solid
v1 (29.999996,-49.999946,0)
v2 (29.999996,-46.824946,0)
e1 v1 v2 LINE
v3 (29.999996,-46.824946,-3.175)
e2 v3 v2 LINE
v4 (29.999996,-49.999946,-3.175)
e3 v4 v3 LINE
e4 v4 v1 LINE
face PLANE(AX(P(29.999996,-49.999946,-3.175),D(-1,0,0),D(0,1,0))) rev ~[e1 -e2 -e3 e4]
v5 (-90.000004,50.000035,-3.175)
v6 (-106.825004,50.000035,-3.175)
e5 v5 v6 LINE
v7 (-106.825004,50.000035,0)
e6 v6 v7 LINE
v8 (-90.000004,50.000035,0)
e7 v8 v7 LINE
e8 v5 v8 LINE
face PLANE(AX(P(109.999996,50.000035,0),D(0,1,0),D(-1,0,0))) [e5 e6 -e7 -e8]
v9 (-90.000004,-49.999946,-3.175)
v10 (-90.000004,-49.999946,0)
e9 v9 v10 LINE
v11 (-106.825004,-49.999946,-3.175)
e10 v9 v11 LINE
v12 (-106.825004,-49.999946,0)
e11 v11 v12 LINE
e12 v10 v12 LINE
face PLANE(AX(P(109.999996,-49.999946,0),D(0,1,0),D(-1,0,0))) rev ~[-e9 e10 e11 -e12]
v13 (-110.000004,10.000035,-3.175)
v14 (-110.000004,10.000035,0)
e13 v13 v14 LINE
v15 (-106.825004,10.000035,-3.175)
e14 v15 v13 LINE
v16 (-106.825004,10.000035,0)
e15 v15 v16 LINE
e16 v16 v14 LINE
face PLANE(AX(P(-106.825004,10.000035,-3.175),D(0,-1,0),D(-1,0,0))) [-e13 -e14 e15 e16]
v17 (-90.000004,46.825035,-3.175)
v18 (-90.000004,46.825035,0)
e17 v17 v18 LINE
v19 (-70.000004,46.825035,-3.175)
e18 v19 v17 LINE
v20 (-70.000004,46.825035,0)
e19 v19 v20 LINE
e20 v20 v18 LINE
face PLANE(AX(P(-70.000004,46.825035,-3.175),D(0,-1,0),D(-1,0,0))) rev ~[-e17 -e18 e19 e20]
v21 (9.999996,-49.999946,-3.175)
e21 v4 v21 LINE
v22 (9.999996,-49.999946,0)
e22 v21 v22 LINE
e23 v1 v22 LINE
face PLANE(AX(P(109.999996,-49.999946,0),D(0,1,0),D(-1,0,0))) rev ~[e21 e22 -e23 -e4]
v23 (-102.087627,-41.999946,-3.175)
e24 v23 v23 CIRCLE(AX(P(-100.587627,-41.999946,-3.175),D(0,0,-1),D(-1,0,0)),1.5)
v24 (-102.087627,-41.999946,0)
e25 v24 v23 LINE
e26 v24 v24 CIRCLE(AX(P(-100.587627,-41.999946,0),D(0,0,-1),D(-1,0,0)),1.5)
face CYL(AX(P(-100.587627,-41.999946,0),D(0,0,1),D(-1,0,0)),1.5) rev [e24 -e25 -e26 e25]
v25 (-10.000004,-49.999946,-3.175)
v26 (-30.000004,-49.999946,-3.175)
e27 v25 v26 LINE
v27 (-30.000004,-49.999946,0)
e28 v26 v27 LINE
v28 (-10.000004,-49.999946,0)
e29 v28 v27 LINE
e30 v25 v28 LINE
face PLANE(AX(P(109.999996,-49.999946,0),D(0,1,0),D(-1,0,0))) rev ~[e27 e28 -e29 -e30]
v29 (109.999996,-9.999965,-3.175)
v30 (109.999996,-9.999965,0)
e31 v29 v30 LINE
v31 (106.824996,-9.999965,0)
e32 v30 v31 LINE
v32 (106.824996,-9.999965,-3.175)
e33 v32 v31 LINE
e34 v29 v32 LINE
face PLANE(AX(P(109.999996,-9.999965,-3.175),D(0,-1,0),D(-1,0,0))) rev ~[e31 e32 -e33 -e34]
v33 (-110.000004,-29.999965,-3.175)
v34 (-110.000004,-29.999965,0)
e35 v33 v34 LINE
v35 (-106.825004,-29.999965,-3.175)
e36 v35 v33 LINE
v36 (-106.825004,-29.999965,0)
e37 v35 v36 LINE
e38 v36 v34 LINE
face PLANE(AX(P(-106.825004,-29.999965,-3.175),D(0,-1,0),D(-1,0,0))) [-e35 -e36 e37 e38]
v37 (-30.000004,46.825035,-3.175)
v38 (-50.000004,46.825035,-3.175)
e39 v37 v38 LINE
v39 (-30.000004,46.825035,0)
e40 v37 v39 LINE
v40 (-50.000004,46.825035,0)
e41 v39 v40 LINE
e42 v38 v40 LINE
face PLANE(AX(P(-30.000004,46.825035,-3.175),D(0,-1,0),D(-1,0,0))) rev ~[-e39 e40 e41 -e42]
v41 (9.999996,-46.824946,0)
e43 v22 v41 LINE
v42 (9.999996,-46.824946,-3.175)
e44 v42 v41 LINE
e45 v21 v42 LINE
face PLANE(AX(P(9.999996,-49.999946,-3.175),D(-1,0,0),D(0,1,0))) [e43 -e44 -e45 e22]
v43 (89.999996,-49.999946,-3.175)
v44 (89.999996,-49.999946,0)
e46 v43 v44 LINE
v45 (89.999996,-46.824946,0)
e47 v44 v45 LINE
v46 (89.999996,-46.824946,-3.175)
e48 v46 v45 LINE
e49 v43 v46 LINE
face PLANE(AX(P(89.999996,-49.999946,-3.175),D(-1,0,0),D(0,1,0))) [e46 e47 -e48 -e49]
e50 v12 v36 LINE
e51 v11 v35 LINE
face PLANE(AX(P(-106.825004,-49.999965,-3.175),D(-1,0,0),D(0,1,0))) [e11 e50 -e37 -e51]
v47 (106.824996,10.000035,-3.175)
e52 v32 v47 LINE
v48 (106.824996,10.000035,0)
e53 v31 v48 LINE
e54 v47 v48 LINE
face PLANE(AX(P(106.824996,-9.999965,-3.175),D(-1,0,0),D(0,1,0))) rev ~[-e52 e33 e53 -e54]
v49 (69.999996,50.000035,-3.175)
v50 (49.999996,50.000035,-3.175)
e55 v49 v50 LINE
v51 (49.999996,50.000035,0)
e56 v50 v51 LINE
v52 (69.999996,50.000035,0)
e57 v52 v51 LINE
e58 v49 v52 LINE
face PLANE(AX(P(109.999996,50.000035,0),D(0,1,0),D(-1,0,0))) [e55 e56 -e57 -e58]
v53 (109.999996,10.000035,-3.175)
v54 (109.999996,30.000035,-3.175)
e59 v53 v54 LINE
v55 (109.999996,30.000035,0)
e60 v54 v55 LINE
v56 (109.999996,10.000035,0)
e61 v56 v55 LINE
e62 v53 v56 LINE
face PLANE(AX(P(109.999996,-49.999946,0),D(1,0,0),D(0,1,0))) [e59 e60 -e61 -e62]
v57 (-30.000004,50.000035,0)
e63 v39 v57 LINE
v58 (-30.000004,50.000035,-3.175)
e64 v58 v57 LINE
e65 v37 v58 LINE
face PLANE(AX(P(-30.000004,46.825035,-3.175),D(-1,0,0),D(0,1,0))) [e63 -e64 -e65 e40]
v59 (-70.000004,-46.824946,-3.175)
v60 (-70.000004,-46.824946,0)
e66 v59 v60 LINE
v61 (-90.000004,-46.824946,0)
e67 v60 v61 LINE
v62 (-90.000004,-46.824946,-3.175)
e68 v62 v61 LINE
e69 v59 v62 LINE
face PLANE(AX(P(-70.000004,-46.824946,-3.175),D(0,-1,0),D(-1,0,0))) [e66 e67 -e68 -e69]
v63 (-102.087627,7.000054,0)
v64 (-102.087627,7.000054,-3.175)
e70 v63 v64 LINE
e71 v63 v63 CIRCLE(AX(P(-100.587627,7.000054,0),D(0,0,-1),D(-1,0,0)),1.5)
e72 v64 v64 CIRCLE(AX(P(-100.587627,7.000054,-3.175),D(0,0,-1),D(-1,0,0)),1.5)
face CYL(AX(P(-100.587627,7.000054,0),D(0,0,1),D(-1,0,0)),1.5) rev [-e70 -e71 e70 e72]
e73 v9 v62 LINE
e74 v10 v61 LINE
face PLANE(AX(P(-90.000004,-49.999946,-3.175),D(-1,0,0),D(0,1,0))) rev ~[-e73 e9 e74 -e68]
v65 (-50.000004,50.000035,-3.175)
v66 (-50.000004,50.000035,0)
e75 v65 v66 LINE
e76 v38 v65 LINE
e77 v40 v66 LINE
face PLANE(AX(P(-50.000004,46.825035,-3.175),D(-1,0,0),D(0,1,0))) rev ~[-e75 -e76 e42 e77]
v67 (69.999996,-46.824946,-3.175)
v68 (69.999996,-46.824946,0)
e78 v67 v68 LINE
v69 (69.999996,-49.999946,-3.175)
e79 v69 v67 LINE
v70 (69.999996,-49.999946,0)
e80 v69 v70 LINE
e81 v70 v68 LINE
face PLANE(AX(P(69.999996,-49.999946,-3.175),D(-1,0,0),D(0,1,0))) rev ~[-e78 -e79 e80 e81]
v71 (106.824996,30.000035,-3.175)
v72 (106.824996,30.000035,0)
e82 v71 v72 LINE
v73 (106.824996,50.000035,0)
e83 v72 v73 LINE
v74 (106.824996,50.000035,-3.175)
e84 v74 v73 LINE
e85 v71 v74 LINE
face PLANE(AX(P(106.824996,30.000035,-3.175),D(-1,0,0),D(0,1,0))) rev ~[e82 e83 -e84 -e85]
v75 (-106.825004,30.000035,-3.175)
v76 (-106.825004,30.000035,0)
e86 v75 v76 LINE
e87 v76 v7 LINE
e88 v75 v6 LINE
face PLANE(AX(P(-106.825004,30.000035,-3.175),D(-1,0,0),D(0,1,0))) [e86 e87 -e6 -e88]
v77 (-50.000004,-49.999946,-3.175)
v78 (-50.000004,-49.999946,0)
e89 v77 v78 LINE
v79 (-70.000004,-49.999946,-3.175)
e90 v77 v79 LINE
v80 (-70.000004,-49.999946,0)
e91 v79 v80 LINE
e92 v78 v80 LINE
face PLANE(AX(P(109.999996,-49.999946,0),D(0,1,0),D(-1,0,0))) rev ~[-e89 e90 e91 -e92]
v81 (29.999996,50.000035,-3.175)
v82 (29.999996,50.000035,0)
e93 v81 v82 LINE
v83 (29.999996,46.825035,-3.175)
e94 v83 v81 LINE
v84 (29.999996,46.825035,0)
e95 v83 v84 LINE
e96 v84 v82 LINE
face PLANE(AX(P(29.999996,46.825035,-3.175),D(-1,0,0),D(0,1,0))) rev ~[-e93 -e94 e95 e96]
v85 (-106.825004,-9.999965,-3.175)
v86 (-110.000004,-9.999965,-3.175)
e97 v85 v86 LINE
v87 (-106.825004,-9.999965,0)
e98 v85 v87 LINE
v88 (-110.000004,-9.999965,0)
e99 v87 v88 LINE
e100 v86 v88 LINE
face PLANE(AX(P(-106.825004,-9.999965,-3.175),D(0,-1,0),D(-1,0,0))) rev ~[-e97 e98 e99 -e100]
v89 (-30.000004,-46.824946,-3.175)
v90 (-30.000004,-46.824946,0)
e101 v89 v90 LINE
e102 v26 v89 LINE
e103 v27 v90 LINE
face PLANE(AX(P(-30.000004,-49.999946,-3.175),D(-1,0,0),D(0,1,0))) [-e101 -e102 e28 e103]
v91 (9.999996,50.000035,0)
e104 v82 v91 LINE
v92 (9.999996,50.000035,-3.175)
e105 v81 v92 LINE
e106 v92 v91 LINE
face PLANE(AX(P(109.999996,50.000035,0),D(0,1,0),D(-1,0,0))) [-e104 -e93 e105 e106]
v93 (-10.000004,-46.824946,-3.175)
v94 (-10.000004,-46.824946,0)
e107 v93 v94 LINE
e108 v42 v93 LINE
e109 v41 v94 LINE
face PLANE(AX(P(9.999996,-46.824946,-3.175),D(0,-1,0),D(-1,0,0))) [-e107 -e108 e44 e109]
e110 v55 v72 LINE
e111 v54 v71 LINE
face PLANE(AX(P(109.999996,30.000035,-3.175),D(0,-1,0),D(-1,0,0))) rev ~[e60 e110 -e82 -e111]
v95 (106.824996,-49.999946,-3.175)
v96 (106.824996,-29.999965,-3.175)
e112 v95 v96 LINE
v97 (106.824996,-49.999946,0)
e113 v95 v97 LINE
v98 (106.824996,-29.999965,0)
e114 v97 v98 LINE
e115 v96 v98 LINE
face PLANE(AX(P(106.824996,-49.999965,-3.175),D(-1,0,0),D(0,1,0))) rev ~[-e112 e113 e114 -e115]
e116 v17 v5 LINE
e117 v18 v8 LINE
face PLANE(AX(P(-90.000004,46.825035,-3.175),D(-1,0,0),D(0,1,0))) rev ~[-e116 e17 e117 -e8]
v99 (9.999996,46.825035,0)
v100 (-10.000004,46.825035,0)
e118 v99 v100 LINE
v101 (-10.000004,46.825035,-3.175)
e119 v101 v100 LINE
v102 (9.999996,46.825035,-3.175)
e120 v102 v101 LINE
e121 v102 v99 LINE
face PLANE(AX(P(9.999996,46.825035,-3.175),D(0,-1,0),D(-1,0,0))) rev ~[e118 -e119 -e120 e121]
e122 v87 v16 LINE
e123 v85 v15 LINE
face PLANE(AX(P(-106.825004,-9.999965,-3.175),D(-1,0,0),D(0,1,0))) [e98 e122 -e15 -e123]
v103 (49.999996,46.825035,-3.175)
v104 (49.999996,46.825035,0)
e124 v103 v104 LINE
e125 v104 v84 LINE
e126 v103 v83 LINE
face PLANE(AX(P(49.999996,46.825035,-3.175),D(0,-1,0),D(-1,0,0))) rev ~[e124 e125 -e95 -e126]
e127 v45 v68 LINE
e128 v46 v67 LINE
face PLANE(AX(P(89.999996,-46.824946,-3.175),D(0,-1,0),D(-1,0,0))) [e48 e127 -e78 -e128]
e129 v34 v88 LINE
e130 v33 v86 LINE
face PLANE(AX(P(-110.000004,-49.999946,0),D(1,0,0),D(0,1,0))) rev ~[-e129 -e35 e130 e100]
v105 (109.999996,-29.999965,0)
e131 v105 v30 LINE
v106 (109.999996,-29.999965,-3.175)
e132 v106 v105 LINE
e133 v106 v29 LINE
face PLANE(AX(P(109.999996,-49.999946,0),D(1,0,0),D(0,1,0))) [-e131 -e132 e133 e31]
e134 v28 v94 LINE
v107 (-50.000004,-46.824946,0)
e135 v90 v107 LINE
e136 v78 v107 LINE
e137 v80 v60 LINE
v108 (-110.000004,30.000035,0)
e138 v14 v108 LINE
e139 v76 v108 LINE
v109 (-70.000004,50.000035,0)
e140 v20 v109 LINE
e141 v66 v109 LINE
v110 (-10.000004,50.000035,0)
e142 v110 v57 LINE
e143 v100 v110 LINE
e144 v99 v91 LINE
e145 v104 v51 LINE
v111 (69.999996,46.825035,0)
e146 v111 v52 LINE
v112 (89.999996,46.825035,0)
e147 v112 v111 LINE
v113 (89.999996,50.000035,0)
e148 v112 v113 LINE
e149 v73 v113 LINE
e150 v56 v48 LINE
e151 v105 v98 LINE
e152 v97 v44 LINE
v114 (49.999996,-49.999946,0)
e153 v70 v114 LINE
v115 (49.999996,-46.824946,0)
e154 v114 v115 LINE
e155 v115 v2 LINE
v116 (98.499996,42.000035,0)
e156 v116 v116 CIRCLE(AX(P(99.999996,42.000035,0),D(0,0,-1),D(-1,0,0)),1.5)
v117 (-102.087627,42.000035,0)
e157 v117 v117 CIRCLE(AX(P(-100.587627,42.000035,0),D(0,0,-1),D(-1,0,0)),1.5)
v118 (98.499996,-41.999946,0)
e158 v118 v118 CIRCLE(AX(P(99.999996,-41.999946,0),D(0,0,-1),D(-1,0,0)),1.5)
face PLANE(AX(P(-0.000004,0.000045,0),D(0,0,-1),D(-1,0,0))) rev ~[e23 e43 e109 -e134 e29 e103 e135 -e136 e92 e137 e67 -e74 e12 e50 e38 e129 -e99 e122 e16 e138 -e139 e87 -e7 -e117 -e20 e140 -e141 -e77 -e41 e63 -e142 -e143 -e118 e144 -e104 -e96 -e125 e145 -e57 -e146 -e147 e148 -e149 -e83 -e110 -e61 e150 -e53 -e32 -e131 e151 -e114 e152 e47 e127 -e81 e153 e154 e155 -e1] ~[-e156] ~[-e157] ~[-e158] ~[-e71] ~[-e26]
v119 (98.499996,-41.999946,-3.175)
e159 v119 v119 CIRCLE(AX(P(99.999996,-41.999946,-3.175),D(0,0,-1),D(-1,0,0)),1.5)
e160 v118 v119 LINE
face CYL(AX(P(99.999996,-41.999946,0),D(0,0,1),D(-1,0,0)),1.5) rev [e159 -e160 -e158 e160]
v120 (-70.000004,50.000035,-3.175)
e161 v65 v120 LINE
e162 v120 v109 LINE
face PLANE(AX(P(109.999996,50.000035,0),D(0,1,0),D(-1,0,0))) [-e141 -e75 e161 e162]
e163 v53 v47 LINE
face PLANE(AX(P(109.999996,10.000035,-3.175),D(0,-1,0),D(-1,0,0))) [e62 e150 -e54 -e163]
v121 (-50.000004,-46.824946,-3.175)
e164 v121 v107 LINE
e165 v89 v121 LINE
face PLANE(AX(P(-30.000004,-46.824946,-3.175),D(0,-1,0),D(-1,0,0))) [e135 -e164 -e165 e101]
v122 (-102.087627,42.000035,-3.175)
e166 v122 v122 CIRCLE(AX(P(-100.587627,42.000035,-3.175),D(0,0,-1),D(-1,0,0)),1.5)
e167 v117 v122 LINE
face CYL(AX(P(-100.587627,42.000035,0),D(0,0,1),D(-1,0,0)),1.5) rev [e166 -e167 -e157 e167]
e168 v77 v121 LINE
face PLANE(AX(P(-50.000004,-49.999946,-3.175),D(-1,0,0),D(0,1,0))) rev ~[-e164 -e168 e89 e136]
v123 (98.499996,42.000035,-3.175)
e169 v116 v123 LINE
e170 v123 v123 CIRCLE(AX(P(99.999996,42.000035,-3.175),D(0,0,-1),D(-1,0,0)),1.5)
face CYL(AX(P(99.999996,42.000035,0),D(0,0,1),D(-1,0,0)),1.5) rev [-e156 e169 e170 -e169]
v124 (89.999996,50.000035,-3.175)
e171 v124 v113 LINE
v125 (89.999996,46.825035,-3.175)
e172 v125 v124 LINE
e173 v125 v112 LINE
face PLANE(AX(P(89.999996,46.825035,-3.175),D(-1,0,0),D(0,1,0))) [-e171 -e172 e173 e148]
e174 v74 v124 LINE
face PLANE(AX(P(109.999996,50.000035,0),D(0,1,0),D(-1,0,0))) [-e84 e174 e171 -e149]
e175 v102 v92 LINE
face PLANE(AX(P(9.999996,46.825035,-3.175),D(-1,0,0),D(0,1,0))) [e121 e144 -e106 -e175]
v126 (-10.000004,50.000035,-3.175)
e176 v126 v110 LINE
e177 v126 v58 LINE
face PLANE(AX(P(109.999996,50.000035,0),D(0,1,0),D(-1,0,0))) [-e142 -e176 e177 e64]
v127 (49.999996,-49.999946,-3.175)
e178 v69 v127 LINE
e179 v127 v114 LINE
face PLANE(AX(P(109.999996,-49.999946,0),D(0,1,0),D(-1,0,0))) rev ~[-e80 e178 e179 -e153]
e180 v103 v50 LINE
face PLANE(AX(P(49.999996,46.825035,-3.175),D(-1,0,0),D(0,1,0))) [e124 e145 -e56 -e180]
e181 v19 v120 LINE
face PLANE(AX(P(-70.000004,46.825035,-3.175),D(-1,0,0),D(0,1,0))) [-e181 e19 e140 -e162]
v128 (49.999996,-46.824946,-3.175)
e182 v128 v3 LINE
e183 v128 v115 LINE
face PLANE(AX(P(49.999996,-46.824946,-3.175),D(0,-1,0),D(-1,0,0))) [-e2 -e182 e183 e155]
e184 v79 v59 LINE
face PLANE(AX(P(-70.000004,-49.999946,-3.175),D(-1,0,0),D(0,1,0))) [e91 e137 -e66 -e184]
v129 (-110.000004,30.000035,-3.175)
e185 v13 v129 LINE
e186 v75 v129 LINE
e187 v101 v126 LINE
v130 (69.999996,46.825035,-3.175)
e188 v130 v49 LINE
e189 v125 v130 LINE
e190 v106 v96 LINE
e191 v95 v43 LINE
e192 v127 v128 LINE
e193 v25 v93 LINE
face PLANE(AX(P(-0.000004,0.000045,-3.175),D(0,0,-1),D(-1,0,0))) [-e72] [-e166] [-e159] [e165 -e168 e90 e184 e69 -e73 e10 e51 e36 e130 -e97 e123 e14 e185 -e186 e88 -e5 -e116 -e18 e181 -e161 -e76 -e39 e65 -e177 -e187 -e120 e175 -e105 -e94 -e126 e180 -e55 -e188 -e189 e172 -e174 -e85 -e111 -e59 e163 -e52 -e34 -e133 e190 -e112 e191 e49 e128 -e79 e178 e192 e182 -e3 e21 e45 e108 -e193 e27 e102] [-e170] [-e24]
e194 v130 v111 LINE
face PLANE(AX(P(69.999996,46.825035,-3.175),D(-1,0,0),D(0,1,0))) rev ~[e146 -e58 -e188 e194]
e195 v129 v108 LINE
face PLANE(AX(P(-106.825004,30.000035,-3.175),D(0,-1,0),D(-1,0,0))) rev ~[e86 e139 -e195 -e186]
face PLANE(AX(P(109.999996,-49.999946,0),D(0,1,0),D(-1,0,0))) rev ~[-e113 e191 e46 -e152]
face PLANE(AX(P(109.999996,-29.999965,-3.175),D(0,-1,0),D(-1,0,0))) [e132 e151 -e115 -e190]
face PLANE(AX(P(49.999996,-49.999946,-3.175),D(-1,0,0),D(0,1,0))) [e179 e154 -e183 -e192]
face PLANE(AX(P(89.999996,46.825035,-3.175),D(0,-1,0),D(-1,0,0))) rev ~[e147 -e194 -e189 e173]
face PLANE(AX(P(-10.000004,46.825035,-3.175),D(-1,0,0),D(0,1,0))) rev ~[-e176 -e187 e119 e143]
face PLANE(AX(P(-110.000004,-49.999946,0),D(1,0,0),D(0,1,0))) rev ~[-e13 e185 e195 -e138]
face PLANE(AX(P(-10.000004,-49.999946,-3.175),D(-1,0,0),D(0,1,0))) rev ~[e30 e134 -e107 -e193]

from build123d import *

# Parameters (mm, degrees)
SKETCH51_W           = 220
SKETCH51_H           = 99.999981374
SKETCH51_R           = 1.5
BOSS_EXTRUDE13_DEPTH = 3.175
SKETCH52_W           = 3.175
SKETCH52_H           = 20
SKETCH52_W_2         = 20
SKETCH52_H_2         = 3.175
CUT_EXTRUDE25_DEPTH  = 3.175


with BuildPart() as part:
    # Sketch51 → Boss-Extrude13 (new body)
    with BuildSketch(Plane(origin=(0, 0, 0), x_dir=(-1, 0, 0), z_dir=(0, 0, -1))):
        with Locations((4.414e-06, 4.4643e-05)):
            Rectangle(SKETCH51_W, SKETCH51_H)
        with Locations((100.587627215, -41.999946044)):
            Circle(SKETCH51_R, mode=Mode.SUBTRACT)
        with Locations((100.587627215, 42.00003533)):
            Circle(SKETCH51_R, mode=Mode.SUBTRACT)
        with Locations((-99.9999958, -41.999946044)):
            Circle(SKETCH51_R, mode=Mode.SUBTRACT)
        with Locations((-99.9999958, 42.00003533)):
            Circle(SKETCH51_R, mode=Mode.SUBTRACT)
        with Locations((100.587627215, 7.000053956)):
            Circle(SKETCH51_R, mode=Mode.SUBTRACT)
    extrude(amount=BOSS_EXTRUDE13_DEPTH)

    # Sketch52 → Cut-Extrude25 (cut)
    with BuildSketch(Plane(origin=(0, 0, -3.175), x_dir=(-1, 0, 0), z_dir=(0, 0, -1))):
        with Locations((108.4125042, 3.533e-05)):
            Rectangle(SKETCH52_W, SKETCH52_H)
        with Locations((108.4125042, 40.00003533)):
            Rectangle(SKETCH52_W, SKETCH52_H)
        with Locations((108.4125042, -39.99996467)):
            Rectangle(SKETCH52_W, SKETCH52_H)
        with Locations((-108.4124958, 3.533e-05)):
            Rectangle(SKETCH52_W, SKETCH52_H)
        with Locations((-108.4124958, 40.00003533)):
            Rectangle(SKETCH52_W, SKETCH52_H)
        with Locations((-108.4124958, -39.99996467)):
            Rectangle(SKETCH52_W, SKETCH52_H)
        with Locations((40.0000042, 48.41253533)):
            Rectangle(SKETCH52_W_2, SKETCH52_H_2)
        with Locations((80.0000042, 48.41253533)):
            Rectangle(SKETCH52_W_2, SKETCH52_H_2)
        with Locations((4.2e-06, 48.41253533)):
            Rectangle(SKETCH52_W_2, SKETCH52_H_2)
        with Locations((-39.9999958, 48.41253533)):
            Rectangle(SKETCH52_W_2, SKETCH52_H_2)
        with Locations((-79.9999958, 48.41253533)):
            Rectangle(SKETCH52_W_2, SKETCH52_H_2)
        with Locations((40.0000042, -48.412446044)):
            Rectangle(SKETCH52_W_2, SKETCH52_H_2)
        with Locations((80.0000042, -48.412446044)):
            Rectangle(SKETCH52_W_2, SKETCH52_H_2)
        with Locations((4.2e-06, -48.412446044)):
            Rectangle(SKETCH52_W_2, SKETCH52_H_2)
        with Locations((-39.9999958, -48.412446044)):
            Rectangle(SKETCH52_W_2, SKETCH52_H_2)
        with Locations((-79.9999958, -48.412446044)):
            Rectangle(SKETCH52_W_2, SKETCH52_H_2)
    extrude(amount=-CUT_EXTRUDE25_DEPTH, mode=Mode.SUBTRACT)


solid = part.part
